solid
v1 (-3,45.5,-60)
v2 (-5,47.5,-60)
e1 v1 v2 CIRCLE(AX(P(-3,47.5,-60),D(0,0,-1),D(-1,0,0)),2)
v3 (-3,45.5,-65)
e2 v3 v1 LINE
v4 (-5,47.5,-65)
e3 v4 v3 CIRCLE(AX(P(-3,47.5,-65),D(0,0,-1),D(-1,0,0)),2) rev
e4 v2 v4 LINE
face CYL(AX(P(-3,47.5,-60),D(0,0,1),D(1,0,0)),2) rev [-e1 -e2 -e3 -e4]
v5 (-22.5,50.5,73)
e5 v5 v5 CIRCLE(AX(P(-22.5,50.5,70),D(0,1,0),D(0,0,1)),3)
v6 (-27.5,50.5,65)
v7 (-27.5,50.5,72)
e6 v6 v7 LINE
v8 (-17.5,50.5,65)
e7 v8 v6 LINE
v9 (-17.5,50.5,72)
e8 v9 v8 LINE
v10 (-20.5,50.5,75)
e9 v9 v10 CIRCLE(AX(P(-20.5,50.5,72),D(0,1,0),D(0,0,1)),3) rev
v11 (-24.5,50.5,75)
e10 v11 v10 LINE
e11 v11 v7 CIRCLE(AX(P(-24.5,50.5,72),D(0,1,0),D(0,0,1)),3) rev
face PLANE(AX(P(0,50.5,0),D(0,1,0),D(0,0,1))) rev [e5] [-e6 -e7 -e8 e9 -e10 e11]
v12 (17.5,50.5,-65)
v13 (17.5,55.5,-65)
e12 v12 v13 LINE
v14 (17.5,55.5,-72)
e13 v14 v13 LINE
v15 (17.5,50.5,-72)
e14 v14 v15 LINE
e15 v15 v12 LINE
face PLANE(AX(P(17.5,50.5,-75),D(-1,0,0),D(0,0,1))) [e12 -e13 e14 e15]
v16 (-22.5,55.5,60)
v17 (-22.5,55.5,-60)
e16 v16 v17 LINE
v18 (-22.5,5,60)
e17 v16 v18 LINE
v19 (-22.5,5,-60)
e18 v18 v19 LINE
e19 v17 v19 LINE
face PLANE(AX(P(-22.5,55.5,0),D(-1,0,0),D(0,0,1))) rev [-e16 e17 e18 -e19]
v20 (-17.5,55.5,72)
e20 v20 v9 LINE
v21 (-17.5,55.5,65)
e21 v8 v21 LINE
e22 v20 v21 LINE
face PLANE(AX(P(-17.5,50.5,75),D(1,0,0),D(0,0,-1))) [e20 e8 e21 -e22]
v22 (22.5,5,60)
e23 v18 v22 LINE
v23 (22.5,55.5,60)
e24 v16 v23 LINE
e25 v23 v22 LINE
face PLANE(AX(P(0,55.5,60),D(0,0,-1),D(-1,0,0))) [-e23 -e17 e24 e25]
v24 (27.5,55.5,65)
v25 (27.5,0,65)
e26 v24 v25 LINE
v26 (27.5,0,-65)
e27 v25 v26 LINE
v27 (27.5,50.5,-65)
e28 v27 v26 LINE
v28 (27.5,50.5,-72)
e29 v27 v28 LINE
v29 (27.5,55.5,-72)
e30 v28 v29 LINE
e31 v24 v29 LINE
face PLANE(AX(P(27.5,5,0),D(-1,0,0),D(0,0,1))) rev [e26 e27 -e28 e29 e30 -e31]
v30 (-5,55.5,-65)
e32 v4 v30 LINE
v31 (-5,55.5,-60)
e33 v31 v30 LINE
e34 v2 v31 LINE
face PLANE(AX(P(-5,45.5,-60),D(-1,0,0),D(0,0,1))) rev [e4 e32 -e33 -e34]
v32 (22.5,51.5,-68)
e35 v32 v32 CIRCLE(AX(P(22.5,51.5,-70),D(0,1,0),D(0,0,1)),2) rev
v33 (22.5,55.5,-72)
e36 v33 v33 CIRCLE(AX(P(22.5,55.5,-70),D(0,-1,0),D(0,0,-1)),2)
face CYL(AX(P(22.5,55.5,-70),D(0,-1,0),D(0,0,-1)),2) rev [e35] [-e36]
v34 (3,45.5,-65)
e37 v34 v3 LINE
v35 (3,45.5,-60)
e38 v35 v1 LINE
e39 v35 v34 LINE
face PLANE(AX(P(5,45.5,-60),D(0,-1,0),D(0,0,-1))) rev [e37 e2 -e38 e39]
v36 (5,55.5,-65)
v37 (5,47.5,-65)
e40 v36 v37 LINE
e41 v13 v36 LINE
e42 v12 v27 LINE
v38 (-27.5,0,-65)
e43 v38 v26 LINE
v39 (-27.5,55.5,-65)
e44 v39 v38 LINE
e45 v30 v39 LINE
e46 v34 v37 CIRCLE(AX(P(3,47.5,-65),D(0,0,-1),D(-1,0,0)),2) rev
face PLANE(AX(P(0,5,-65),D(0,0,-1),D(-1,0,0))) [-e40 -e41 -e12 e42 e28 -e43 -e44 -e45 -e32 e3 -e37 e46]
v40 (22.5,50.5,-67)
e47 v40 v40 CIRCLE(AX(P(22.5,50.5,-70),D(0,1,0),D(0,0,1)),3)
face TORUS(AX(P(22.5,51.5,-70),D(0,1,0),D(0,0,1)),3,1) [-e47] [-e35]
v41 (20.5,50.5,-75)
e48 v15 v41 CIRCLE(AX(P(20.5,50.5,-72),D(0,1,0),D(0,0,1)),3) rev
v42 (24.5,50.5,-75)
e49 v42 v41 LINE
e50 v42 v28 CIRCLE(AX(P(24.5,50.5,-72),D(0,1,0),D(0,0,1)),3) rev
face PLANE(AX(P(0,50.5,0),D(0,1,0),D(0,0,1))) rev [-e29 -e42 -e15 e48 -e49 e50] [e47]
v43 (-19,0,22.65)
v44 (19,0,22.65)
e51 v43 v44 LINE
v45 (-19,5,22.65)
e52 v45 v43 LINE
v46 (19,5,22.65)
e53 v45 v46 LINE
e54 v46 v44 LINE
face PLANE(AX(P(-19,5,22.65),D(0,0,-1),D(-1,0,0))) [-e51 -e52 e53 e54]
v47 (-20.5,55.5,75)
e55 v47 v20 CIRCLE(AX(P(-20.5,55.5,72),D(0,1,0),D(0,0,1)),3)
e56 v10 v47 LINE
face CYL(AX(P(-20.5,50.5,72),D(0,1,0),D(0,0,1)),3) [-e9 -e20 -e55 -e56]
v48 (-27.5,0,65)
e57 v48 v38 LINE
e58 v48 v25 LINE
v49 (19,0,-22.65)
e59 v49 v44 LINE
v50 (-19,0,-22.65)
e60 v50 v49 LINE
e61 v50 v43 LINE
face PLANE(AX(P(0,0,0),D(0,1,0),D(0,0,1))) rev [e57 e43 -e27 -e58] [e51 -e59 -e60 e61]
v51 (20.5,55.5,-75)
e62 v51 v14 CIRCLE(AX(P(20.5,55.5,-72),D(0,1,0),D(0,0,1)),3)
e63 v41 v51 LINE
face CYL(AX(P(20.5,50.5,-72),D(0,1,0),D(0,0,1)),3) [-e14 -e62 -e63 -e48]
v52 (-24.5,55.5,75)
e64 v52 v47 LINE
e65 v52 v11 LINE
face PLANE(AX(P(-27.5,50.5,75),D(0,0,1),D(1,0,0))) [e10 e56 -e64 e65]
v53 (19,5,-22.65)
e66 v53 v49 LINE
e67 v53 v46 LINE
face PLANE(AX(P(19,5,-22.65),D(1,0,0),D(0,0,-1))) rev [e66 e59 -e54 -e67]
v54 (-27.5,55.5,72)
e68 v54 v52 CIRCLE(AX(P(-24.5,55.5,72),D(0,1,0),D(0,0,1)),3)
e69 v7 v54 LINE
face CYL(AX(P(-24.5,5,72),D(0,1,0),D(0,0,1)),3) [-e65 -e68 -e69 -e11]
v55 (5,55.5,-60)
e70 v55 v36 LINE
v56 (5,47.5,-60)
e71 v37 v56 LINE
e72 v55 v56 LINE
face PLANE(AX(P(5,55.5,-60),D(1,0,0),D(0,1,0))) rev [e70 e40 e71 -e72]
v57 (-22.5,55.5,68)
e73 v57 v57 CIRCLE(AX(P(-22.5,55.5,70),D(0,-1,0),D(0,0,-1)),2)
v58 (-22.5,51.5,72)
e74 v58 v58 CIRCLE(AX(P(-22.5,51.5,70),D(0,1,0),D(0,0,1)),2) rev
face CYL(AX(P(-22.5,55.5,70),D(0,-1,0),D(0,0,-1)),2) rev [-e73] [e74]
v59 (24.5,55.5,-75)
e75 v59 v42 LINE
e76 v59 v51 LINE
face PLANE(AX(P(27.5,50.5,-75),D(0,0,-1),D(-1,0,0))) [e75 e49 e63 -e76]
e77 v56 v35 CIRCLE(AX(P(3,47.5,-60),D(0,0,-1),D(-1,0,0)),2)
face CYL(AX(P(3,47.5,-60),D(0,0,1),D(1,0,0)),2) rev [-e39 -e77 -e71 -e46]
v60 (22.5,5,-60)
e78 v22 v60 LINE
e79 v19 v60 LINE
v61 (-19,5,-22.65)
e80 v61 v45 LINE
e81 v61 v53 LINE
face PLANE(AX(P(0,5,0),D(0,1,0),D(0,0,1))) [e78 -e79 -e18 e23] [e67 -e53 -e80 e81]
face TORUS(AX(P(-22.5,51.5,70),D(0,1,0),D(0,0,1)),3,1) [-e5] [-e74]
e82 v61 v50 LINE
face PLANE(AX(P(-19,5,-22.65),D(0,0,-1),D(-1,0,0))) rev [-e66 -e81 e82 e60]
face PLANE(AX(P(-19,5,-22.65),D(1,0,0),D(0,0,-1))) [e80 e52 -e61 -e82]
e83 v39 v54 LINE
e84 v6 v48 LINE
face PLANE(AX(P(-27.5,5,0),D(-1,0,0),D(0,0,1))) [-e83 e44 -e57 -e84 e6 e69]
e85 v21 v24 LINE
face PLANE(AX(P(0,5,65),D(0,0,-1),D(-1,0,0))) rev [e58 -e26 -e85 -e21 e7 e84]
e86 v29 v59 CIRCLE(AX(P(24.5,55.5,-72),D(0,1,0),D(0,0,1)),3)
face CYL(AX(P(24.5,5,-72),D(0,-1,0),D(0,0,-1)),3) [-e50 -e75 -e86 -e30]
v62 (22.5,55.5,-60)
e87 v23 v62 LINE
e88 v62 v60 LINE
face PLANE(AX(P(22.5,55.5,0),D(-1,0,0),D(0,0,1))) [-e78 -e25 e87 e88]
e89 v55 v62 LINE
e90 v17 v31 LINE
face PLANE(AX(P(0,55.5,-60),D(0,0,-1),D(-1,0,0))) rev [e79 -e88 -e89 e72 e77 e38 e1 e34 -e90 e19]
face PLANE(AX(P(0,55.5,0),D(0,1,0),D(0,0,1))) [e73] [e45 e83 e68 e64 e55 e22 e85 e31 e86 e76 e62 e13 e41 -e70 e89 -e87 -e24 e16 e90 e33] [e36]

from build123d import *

# Parameters (mm, degrees)
SKETCH1_W           = 27.5
SKETCH1_H           = 65
BOSS_EXTRUDE1_DEPTH = 5
SKETCH2_W           = 55
SKETCH2_H           = 130
SKETCH2_W_2         = 45
SKETCH2_H_2         = 120
BOSS_EXTRUDE2_DEPTH = 50.5
SKETCH3_W           = 10
SKETCH3_H           = 10
BOSS_EXTRUDE4_DEPTH = 5
SKETCH4_R           = 2
CUT_EXTRUDE1_DEPTH  = 5
FILLET1_R           = 1
FILLET2_R           = 1
SKETCH6_W           = 38
SKETCH6_H           = 45.3
CUT_EXTRUDE2_DEPTH  = 5
FILLET3_R           = 3
CUT_EXTRUDE3_DEPTH  = 5
FILLET4_R           = 2


with BuildPart() as part:
    # Sketch1 → Boss-Extrude1 (new body)
    with BuildSketch(Plane(origin=(0, 0, 0), x_dir=(1, 0, 0), z_dir=(0, 1, 0))):
        Polygon((27.5, 0), (0, 0), (0, 65), (-27.5, 65), (-27.5, -65), (27.5, -65), align=None)
        with Locations((13.75, 32.5)):
            Rectangle(SKETCH1_W, SKETCH1_H)
    extrude(amount=BOSS_EXTRUDE1_DEPTH)

    # Sketch2 → Boss-Extrude2 (add)
    with BuildSketch(Plane(origin=(0, 5, 0), x_dir=(1, 0, 0), z_dir=(0, 1, 0))):
        Rectangle(SKETCH2_W, SKETCH2_H)
        Rectangle(SKETCH2_W_2, SKETCH2_H_2, mode=Mode.SUBTRACT)
    extrude(amount=BOSS_EXTRUDE2_DEPTH)

    # Sketch3 → Boss-Extrude4 (add)
    with BuildSketch(Plane(origin=(0, 55.5, 0), x_dir=(1, 0, 0), z_dir=(0, 1, 0))):
        with Locations((22.5, 70)):
            Rectangle(SKETCH3_W, SKETCH3_H)
        with Locations((-22.5, -70)):
            Rectangle(SKETCH3_W, SKETCH3_H)
    extrude(amount=-BOSS_EXTRUDE4_DEPTH)

    # Sketch4 → Cut-Extrude1 (cut)
    with BuildSketch(Plane.XZ.offset(-50.5)):
        with Locations(Location((22.5, -70, 0), (0, 0, 270))):
            Circle(SKETCH4_R)
        with Locations(Location((-22.5, 70, 0), (0, 0, 270))):
            Circle(SKETCH4_R)
    extrude(amount=-CUT_EXTRUDE1_DEPTH, mode=Mode.SUBTRACT)

    # Fillet1
    fillet1_edges = [part.edges().sort_by_distance(p)[0] for p in [
        (22.5, 50.5, -68),
    ]]
    fillet(fillet1_edges, radius=FILLET1_R)

    # Fillet2
    fillet2_edges = [part.edges().sort_by_distance(p)[0] for p in [
        (-22.5, 50.5, 72),
    ]]
    fillet(fillet2_edges, radius=FILLET2_R)

    # Sketch6 → Cut-Extrude2 (cut)
    with BuildSketch(Plane.XZ):
        Rectangle(SKETCH6_W, SKETCH6_H)
    extrude(amount=-CUT_EXTRUDE2_DEPTH, mode=Mode.SUBTRACT)

    # Fillet3
    fillet3_edges = [part.edges().sort_by_distance(p)[0] for p in [
        (17.5, 53, -75),
        (27.5, 53, -75),
        (-17.5, 53, 75),
        (-27.5, 53, 75),
    ]]
    fillet(fillet3_edges, radius=FILLET3_R)

    # Sketch8 → Cut-Extrude3 (cut)
    with BuildSketch(Plane(origin=(0, 0, -65), x_dir=(-1, 0, 0), z_dir=(0, 0, -1))):
        Polygon((0, 55.5), (5, 55.5), (5, 45.5), (-5, 45.5), (-5, 55.5), align=None)
    extrude(amount=-CUT_EXTRUDE3_DEPTH, mode=Mode.SUBTRACT)

    # Fillet4
    fillet4_edges = [part.edges().sort_by_distance(p)[0] for p in [
        (-5, 45.5, -62.5),
        (5, 45.5, -62.5),
    ]]
    fillet(fillet4_edges, radius=FILLET4_R)


solid = part.part
